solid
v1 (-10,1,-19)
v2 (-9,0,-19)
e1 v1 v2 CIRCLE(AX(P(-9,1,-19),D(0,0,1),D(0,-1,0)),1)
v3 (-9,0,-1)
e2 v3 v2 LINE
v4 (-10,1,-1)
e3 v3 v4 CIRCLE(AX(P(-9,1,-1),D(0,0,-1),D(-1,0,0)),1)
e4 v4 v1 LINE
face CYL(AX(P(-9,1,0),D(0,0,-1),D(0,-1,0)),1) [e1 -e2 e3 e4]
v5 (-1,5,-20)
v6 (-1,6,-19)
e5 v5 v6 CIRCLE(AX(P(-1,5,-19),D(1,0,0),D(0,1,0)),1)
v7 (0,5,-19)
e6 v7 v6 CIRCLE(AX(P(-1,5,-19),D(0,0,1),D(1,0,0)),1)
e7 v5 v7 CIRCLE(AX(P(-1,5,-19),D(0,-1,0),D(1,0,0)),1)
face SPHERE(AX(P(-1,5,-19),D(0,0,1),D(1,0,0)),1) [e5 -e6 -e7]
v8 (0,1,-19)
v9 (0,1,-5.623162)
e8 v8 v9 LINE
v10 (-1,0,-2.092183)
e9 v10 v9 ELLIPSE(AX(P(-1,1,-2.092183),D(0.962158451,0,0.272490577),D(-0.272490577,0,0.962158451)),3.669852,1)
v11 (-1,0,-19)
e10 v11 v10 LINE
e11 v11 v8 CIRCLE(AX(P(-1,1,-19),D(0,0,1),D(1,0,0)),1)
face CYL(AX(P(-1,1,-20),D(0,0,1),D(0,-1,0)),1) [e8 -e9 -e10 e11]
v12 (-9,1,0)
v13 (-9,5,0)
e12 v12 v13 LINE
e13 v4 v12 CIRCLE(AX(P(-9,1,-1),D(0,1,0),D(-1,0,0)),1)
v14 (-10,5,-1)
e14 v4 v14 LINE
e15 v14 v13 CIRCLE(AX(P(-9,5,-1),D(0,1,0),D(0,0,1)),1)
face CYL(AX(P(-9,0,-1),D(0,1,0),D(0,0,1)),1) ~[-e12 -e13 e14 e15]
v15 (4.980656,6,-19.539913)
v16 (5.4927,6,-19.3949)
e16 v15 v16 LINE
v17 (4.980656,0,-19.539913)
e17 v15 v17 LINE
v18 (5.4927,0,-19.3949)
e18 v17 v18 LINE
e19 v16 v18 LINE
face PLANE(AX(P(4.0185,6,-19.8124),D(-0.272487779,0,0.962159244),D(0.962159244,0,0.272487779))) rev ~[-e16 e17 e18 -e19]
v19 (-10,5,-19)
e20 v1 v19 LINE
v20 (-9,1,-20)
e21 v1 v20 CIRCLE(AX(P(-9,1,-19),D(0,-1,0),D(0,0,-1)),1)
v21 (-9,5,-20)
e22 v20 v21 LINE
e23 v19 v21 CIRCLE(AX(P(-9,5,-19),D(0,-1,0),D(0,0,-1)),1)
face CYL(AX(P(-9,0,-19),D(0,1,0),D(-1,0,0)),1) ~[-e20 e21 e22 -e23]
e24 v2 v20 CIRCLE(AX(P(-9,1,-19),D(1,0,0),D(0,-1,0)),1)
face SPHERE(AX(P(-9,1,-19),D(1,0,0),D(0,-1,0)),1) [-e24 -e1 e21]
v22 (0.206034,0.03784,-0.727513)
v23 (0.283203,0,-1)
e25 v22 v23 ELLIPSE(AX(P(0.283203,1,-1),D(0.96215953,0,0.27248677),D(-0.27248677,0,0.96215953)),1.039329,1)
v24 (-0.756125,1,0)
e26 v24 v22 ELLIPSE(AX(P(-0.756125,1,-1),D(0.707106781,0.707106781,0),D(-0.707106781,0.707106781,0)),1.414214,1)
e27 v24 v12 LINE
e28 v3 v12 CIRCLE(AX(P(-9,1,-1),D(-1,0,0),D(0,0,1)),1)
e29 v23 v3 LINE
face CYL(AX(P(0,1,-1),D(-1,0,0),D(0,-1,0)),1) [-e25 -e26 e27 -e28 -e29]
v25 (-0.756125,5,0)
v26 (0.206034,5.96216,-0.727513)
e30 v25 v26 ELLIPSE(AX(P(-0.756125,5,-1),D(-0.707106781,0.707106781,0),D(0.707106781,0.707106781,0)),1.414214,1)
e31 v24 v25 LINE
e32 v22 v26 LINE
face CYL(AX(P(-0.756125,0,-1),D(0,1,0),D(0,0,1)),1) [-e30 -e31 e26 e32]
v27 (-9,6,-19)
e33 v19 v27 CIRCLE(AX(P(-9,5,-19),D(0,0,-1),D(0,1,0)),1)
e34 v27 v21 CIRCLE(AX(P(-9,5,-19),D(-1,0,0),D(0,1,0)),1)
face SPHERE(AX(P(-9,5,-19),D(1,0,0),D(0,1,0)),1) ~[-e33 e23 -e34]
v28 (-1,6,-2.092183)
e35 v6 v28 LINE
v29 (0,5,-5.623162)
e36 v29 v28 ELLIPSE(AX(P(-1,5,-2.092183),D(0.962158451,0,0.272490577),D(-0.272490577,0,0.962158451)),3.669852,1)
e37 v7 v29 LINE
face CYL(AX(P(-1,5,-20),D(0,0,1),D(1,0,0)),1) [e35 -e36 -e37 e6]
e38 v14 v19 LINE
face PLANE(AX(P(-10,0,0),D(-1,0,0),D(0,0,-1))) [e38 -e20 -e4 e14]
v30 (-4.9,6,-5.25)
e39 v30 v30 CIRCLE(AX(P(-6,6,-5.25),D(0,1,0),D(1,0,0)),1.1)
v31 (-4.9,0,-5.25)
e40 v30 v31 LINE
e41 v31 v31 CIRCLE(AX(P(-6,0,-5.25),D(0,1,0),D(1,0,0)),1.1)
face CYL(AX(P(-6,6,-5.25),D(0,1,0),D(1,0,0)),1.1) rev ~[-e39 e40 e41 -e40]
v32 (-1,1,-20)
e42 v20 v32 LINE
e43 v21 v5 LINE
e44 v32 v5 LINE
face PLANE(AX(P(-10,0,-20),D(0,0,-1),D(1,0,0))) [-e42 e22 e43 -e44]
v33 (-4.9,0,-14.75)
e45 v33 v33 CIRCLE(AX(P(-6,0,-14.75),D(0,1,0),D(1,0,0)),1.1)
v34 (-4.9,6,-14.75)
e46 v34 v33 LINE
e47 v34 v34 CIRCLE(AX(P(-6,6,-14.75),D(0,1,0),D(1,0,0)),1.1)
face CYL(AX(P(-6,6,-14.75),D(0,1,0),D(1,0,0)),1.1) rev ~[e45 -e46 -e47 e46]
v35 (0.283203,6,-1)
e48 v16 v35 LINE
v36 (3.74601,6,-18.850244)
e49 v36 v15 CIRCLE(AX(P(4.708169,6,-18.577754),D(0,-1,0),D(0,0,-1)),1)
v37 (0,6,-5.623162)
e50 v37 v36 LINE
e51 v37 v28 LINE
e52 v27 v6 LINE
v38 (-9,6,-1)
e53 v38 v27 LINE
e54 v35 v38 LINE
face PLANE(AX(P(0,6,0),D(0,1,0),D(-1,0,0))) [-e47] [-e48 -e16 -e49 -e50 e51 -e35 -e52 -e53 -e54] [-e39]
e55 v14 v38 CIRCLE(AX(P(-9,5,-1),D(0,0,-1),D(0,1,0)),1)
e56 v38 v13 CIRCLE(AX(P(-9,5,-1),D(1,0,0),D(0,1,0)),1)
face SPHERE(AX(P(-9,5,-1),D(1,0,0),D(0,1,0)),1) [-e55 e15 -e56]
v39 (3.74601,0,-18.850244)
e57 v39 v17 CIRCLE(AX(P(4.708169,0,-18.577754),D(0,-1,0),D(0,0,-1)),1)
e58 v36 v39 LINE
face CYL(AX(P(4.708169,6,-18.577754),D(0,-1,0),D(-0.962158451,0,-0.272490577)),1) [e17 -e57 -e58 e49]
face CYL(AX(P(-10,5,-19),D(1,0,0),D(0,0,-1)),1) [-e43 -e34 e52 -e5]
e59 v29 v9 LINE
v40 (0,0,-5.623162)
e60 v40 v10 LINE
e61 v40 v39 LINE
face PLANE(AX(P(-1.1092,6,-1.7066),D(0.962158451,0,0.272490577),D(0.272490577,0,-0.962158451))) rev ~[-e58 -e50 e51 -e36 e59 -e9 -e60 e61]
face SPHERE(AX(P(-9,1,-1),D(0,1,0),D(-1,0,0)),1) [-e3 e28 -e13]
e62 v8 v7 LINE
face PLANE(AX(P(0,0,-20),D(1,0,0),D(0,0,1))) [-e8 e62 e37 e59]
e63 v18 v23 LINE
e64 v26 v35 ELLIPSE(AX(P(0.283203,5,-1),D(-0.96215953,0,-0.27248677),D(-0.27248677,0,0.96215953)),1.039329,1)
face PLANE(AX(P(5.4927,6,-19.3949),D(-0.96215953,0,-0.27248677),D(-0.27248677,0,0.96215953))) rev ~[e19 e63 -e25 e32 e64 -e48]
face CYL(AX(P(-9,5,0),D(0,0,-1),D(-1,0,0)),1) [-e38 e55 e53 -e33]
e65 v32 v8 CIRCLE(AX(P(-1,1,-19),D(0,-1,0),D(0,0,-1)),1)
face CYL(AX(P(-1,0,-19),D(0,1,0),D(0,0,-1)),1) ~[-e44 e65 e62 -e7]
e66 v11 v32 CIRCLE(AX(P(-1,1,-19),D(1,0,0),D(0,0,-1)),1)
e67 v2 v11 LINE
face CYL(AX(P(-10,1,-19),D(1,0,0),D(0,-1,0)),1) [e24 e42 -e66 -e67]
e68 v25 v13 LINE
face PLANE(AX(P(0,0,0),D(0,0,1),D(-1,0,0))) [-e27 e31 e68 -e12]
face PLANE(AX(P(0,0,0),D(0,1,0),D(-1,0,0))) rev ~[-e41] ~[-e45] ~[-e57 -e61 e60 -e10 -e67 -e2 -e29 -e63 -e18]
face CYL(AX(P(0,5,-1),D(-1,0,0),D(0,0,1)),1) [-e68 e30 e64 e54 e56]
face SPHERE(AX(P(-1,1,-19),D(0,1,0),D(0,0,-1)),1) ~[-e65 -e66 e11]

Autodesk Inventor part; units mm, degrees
ref_plane "YZ Plane" through (0, 0, 0) normal (1, 0, 0) x (0, 1, 0)
ref_plane "XZ Plane" through (0, 0, 0) normal (0, 1, 0) x (-1, 0, 0)
ref_plane "XY Plane" through (0, 0, 0) normal (0, 0, 1) x (1, 0, 0)
sketch "Sketch1" plane through (0, 0, 0) normal (0, 1, 0) x (-1, 0, 0)
  line L0 (0, 0) -> (10, 0)
  line L1 (10, 0) -> (10, -20)
  line L2 (10, -20) -> (0, -20)
  line L3 (0, -20) -> (0, 0)
  dimension "d0" = 20
  dimension "d1" = 10
extrude "Extrusion1" add sketch "Sketch1" along normal blind 6
sketch "Sketch2" plane through (0, 6, 0) normal (0, 1, 0) x (1, 0, 0)
  circle A0 centre (-6, 5.25) radius 1.1
  circle A1 centre (-6, 14.75) radius 1.1
  line L0 (-10, 20) -> (-10, 0) projected
  line L1 (0, 20) -> (-10, 20) projected
  point P0 (0, 0)
  dimension "d4" = 2.2
  dimension "d5" = 2.2
  dimension "d6" = 9.5
  dimension "d7" = 4
  dimension "d8" = 4
  dimension "d9" = 5.25
extrude "Extrusion2" cut sketch "Sketch2" against normal blind 6
sketch "Sketch3" plane through (0, 6, 0) normal (0, 1, 0) x (1, 0, 0)
  line L0 (-1.1092, 1.7066) -> (4.0185, 19.8124)
  line L1 (4.0185, 19.8124) -> (5.4927, 19.3949)
  line L2 (-10, 0) -> (0, 0) projected
  line L3 (5.4927, 19.3949) -> (0, 0)
  line L4 (-1.1092, 1.7066) -> (0, 0)
extrude "Extrusion3" add sketch "Sketch3" against normal blind 6
fillet "Fillet1" radius 1 13 edges at (0, 6, -12.8116) (0, 3, -20) (-5, 6, -20) (-5, 0, -20) (-5, 6, 0) (-10, 6, -10) (-10, 3, 0) (-10, 0, -10) (-10, 3, -20) (-5, 0, 0) (0, 3, 0) (0, 0, -12.8116) (4.0185, 3, -19.8124)
properties part number "Endstop"
